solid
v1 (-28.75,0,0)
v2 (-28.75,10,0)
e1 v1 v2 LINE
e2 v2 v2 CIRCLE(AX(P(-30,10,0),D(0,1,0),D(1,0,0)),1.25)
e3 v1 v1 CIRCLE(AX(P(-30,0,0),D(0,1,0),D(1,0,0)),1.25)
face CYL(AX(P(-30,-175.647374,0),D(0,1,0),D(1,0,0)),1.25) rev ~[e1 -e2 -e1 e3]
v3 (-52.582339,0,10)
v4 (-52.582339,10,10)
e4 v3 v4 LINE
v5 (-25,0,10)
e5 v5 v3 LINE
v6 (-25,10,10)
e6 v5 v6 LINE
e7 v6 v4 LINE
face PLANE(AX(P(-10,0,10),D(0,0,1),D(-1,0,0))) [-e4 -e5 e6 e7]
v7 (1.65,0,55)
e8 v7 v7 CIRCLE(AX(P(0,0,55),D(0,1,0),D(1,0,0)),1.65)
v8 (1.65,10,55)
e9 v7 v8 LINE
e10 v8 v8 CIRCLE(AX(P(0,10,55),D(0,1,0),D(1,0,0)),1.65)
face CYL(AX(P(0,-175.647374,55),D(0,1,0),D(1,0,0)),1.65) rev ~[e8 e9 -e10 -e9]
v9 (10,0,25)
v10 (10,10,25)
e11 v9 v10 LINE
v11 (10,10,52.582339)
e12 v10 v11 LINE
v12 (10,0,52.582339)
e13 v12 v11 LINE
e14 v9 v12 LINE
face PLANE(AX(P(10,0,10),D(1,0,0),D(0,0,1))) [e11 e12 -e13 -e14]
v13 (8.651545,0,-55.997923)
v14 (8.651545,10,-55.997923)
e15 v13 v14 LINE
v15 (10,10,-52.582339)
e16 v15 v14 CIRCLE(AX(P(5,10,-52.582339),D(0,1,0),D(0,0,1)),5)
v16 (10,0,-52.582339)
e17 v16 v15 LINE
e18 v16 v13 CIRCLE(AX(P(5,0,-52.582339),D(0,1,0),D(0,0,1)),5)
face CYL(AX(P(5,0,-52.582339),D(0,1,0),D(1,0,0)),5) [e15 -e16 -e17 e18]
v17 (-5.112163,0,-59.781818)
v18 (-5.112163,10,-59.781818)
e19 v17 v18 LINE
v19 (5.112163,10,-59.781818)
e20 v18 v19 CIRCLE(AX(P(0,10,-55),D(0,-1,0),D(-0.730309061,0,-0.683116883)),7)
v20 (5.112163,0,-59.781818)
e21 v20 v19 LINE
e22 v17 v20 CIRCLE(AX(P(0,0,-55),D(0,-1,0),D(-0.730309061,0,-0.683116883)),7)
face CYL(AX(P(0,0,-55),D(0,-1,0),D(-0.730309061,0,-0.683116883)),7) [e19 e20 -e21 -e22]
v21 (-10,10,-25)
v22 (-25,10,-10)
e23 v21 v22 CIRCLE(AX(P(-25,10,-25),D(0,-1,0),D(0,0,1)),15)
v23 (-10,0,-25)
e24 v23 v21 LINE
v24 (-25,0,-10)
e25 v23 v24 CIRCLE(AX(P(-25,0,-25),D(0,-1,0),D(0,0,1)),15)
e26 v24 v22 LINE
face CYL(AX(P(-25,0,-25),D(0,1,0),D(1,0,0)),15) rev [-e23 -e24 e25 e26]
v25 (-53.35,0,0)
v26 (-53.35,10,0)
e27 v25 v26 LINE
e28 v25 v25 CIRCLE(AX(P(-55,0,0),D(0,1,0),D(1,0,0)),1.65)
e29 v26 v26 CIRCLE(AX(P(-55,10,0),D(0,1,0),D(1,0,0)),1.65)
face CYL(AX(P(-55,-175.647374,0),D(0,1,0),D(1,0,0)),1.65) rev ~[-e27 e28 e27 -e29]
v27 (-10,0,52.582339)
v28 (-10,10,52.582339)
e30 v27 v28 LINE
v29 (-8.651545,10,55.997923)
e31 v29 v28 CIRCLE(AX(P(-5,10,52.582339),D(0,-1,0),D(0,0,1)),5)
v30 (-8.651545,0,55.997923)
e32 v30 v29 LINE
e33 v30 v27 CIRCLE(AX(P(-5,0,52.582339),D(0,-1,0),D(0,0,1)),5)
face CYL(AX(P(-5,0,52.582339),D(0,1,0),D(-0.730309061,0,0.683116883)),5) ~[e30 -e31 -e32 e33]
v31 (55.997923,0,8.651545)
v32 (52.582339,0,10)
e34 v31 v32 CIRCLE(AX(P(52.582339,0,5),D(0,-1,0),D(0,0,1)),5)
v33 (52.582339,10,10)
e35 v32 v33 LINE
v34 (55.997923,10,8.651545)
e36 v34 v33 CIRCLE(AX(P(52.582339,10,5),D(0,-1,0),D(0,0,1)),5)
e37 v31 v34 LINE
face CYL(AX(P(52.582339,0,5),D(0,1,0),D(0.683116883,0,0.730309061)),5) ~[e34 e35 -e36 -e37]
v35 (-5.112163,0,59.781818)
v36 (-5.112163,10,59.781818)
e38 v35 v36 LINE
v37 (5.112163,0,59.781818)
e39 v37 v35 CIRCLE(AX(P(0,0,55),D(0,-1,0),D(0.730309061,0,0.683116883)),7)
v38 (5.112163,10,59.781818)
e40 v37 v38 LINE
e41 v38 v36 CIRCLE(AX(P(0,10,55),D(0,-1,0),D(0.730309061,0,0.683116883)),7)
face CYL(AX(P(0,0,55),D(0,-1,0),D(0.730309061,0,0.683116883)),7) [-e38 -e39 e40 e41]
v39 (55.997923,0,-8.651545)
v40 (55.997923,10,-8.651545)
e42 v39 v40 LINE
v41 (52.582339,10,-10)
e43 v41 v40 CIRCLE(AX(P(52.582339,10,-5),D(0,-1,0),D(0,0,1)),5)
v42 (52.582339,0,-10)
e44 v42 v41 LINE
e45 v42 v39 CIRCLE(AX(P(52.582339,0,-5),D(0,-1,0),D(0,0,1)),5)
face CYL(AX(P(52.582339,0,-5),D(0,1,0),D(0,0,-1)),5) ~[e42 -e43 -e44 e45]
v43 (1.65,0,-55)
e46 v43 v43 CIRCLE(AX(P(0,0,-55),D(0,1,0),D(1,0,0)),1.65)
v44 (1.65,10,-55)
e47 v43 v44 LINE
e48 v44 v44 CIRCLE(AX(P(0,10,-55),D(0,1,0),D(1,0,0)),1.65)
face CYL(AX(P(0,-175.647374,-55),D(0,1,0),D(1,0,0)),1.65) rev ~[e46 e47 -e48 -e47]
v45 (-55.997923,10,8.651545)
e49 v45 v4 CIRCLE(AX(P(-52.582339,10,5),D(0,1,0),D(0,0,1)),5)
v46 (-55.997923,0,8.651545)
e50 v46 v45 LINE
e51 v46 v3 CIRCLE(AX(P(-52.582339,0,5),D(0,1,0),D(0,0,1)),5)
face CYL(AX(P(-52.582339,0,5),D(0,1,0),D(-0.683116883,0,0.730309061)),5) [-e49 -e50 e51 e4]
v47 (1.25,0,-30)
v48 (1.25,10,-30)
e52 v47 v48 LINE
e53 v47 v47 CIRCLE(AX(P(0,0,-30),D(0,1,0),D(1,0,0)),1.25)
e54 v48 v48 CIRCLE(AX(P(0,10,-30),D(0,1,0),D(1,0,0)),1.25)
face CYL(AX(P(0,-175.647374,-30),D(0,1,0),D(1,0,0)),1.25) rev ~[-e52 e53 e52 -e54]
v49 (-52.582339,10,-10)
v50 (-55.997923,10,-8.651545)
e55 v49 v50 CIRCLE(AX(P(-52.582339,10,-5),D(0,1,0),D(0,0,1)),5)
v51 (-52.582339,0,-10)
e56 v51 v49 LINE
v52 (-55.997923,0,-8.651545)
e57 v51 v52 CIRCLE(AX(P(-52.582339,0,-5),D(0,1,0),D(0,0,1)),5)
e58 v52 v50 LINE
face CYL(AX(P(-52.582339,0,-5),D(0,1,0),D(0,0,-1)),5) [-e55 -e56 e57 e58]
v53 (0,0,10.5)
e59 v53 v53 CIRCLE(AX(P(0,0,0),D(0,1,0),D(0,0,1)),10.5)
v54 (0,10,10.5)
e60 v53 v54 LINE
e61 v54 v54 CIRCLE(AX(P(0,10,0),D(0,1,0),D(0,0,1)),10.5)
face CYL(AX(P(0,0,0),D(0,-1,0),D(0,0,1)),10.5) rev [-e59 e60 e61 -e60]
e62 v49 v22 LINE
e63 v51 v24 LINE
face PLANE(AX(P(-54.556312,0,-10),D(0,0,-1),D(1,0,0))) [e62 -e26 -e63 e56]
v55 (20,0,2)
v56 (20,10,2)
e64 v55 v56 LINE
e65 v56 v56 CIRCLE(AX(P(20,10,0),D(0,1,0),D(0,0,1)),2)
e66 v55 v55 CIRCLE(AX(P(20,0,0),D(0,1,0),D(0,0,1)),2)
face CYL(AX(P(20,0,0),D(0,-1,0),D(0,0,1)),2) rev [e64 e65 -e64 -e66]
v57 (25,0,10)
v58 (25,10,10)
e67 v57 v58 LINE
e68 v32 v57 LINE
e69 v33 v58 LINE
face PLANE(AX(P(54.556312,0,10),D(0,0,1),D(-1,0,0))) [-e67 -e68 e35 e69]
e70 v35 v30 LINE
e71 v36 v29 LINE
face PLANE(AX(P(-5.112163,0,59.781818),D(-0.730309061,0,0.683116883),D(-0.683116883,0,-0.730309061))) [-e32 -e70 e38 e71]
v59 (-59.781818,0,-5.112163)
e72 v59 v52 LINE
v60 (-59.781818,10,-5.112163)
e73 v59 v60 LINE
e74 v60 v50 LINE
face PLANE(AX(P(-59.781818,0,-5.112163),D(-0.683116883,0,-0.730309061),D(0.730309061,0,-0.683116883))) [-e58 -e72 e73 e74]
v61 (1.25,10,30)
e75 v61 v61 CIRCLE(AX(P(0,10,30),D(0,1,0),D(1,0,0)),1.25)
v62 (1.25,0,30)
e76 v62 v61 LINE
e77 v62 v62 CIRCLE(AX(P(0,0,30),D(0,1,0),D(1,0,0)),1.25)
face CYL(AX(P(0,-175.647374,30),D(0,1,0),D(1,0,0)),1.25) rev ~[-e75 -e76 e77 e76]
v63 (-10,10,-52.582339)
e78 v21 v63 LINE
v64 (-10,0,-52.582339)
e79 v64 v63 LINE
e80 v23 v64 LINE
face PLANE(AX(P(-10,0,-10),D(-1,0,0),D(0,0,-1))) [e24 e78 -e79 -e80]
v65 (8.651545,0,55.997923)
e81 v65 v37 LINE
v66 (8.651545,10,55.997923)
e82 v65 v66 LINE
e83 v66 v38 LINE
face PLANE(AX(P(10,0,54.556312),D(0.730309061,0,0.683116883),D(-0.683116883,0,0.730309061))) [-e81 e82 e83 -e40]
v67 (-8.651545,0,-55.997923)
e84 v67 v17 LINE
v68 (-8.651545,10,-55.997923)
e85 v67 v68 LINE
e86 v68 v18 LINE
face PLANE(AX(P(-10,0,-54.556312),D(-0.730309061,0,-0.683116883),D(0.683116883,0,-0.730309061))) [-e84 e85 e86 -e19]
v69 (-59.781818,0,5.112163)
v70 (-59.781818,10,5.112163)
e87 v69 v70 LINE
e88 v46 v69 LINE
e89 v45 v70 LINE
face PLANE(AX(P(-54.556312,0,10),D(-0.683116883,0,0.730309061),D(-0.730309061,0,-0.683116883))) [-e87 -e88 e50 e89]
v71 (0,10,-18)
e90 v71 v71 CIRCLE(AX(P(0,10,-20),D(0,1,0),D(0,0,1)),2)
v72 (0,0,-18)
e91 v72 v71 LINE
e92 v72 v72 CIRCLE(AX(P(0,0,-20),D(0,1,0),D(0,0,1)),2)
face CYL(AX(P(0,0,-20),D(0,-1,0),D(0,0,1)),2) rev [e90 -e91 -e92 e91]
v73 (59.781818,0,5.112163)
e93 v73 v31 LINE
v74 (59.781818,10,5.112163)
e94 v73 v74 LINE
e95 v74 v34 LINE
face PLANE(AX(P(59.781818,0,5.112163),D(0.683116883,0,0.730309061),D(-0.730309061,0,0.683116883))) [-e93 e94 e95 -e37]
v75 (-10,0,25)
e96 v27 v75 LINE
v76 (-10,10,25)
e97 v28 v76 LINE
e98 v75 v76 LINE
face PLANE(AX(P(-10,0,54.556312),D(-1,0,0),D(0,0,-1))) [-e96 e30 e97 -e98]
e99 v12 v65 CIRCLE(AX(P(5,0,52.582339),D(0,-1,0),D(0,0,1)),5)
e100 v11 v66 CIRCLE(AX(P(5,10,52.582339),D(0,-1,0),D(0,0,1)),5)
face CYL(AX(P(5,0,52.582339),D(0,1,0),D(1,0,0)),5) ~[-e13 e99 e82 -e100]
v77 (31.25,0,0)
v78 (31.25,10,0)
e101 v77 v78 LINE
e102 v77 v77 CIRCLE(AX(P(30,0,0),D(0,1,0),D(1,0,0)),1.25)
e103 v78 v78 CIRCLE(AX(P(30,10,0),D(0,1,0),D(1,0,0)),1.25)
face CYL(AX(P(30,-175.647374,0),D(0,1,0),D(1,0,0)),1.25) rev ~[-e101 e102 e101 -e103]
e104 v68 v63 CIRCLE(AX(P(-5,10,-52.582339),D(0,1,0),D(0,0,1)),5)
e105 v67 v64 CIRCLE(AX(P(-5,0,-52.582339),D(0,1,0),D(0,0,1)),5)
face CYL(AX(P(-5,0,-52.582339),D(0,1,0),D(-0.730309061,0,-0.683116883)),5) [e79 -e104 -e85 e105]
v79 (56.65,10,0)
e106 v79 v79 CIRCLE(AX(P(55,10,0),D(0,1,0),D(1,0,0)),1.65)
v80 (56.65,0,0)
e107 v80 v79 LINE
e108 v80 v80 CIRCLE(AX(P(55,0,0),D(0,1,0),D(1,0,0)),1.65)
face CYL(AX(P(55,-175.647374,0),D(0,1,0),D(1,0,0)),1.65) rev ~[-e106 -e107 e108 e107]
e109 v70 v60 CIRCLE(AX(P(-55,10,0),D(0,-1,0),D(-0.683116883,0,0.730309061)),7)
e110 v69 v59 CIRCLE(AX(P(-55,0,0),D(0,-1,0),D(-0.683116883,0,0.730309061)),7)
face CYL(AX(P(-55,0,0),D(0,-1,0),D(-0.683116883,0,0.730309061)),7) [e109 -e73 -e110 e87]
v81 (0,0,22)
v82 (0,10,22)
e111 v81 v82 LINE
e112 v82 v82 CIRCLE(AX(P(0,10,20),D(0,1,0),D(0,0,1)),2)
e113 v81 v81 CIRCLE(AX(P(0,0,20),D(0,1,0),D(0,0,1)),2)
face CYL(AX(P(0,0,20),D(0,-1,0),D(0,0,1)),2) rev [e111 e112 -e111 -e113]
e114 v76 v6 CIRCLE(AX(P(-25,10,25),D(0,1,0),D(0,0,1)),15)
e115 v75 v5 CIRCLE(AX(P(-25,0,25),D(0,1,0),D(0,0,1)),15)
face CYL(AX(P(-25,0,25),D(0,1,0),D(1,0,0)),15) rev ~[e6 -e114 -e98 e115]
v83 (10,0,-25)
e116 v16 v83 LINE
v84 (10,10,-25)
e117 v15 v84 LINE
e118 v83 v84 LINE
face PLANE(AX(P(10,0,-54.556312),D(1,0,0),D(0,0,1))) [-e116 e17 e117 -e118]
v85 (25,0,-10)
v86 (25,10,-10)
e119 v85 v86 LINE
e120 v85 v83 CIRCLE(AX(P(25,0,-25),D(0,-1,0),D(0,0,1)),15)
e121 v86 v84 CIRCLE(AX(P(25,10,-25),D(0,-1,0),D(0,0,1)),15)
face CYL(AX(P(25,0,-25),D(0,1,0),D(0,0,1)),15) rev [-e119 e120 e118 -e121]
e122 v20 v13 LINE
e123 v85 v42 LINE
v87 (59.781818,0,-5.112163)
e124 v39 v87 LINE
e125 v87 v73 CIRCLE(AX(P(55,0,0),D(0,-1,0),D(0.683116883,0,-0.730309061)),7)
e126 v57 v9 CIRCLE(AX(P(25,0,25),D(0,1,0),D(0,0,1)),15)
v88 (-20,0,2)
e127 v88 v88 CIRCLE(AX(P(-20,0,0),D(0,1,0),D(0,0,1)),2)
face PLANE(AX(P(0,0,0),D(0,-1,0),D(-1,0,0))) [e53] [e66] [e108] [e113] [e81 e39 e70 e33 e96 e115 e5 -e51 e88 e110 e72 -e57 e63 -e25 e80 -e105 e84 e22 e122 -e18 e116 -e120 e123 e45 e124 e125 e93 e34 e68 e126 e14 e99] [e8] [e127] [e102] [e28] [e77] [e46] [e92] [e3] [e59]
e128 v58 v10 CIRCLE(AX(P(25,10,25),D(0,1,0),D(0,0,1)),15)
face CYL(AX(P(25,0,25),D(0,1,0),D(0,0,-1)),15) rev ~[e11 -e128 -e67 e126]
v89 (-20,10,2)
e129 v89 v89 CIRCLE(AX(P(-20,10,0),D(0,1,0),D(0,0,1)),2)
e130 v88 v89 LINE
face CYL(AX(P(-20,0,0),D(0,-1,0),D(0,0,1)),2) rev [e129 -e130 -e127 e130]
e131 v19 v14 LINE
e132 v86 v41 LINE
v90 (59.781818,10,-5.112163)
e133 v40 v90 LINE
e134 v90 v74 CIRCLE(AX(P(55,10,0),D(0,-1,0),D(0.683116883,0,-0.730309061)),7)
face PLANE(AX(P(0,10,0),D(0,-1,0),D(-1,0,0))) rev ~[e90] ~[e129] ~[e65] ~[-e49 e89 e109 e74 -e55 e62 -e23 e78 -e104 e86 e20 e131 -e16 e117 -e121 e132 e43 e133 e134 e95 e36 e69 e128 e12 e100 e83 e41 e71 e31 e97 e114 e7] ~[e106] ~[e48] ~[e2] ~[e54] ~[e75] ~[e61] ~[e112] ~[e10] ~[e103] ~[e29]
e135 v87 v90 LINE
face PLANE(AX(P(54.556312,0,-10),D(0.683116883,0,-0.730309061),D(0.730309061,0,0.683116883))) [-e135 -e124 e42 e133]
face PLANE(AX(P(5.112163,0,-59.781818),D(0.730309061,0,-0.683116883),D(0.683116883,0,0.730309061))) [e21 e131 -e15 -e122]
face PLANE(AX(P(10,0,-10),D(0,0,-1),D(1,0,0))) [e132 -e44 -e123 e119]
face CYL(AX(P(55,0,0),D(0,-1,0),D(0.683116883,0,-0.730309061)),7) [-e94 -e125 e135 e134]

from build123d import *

# Parameters (mm, degrees)
SKETCH1_R             = 2
SKETCH1_R_2           = 10.5
BOSS_EXTRUDE1_DEPTH   = 10
FILLET1_R             = 15
FILLET2_R             = 5
M4X0_7_TAPPED_HOLE1_D = 3.3
M3X0_5_TAPPED_HOLE1_D = 2.5


with BuildPart() as part:
    # Sketch1 → Boss-Extrude1 (new body)
    with BuildSketch(Plane(origin=(0, 0, 0), x_dir=(1, 0, 0), z_dir=(0, 1, 0))):
        with BuildLine():
            Line((10, 10), (54.556312231, 10))
            Line((54.556312231, 10), (59.781818182, 5.112163424))
            ThreePointArc((59.781818182, 5.112163424), (62, 0), (59.781818182, -5.112163424))
            Line((59.781818182, -5.112163424), (54.556312231, -10))
            Line((54.556312231, -10), (10, -10))
            Line((10, -10), (10, -54.556312231))
            Line((10, -54.556312231), (5.112163424, -59.781818182))
            ThreePointArc((5.112163424, -59.781818182), (0, -62), (-5.112163424, -59.781818182))
            Line((-5.112163424, -59.781818182), (-10, -54.556312231))
            Line((-10, -54.556312231), (-10, -10))
            Line((-10, -10), (-54.556312231, -10))
            Line((-54.556312231, -10), (-59.781818182, -5.112163424))
            ThreePointArc((-59.781818182, -5.112163424), (-62, 0), (-59.781818182, 5.112163424))
            Line((-59.781818182, 5.112163424), (-54.556312231, 10))
            Line((-54.556312231, 10), (-10, 10))
            Line((-10, 10), (-10, 54.556312231))
            Line((-10, 54.556312231), (-5.112163424, 59.781818182))
            ThreePointArc((-5.112163424, 59.781818182), (0, 62), (5.112163424, 59.781818182))
            Line((5.112163424, 59.781818182), (10, 54.556312231))
            Line((10, 54.556312231), (10, 10))
        make_face()
        with Locations(Location((-20, 0, 0), (0, 0, 270))):
            Circle(SKETCH1_R, mode=Mode.SUBTRACT)
        with Locations(Location((0, 20, 0), (0, 0, 270))):
            Circle(SKETCH1_R, mode=Mode.SUBTRACT)
        with Locations(Location((20, 0, 0), (0, 0, 270))):
            Circle(SKETCH1_R, mode=Mode.SUBTRACT)
        with Locations(Location((0, -20, 0), (0, 0, 270))):
            Circle(SKETCH1_R, mode=Mode.SUBTRACT)
        with Locations(Location((0, 0, 0), (0, 0, 270))):
            Circle(SKETCH1_R_2, mode=Mode.SUBTRACT)
    extrude(amount=BOSS_EXTRUDE1_DEPTH)

    # Fillet1
    fillet1_edges = [part.edges().sort_by_distance(p)[0] for p in [
        (10, 5, -10),
        (10, 5, 10),
        (-10, 5, 10),
        (-10, 5, -10),
    ]]
    fillet(fillet1_edges, radius=FILLET1_R)

    # Fillet2
    fillet2_edges = [part.edges().sort_by_distance(p)[0] for p in [
        (54.556312231, 5, -10),
        (54.556312231, 5, 10),
        (10, 5, 54.556312231),
        (-10, 5, 54.556312231),
        (-54.556312231, 5, 10),
        (-54.556312231, 5, -10),
        (-10, 5, -54.556312231),
        (10, 5, -54.556312231),
    ]]
    fillet(fillet2_edges, radius=FILLET2_R)

    # M4x0.7 Tapped Hole1 (through all)
    with Locations(Plane(origin=(0, 0, 0), x_dir=(-1, 0, 0), z_dir=(0, -1, 0))):
        with Locations((0, -55), (-55, 0), (0, 55), (55, 0)):
            Hole(M4X0_7_TAPPED_HOLE1_D / 2)

    # M3x0.5 Tapped Hole1 (through all)
    with Locations(Plane(origin=(0, 0, 0), x_dir=(-1, 0, 0), z_dir=(0, -1, 0))):
        with Locations((0, -30), (-30, 0), (0, 30), (30, 0), (0, 0)):
            Hole(M3X0_5_TAPPED_HOLE1_D / 2)


solid = part.part
